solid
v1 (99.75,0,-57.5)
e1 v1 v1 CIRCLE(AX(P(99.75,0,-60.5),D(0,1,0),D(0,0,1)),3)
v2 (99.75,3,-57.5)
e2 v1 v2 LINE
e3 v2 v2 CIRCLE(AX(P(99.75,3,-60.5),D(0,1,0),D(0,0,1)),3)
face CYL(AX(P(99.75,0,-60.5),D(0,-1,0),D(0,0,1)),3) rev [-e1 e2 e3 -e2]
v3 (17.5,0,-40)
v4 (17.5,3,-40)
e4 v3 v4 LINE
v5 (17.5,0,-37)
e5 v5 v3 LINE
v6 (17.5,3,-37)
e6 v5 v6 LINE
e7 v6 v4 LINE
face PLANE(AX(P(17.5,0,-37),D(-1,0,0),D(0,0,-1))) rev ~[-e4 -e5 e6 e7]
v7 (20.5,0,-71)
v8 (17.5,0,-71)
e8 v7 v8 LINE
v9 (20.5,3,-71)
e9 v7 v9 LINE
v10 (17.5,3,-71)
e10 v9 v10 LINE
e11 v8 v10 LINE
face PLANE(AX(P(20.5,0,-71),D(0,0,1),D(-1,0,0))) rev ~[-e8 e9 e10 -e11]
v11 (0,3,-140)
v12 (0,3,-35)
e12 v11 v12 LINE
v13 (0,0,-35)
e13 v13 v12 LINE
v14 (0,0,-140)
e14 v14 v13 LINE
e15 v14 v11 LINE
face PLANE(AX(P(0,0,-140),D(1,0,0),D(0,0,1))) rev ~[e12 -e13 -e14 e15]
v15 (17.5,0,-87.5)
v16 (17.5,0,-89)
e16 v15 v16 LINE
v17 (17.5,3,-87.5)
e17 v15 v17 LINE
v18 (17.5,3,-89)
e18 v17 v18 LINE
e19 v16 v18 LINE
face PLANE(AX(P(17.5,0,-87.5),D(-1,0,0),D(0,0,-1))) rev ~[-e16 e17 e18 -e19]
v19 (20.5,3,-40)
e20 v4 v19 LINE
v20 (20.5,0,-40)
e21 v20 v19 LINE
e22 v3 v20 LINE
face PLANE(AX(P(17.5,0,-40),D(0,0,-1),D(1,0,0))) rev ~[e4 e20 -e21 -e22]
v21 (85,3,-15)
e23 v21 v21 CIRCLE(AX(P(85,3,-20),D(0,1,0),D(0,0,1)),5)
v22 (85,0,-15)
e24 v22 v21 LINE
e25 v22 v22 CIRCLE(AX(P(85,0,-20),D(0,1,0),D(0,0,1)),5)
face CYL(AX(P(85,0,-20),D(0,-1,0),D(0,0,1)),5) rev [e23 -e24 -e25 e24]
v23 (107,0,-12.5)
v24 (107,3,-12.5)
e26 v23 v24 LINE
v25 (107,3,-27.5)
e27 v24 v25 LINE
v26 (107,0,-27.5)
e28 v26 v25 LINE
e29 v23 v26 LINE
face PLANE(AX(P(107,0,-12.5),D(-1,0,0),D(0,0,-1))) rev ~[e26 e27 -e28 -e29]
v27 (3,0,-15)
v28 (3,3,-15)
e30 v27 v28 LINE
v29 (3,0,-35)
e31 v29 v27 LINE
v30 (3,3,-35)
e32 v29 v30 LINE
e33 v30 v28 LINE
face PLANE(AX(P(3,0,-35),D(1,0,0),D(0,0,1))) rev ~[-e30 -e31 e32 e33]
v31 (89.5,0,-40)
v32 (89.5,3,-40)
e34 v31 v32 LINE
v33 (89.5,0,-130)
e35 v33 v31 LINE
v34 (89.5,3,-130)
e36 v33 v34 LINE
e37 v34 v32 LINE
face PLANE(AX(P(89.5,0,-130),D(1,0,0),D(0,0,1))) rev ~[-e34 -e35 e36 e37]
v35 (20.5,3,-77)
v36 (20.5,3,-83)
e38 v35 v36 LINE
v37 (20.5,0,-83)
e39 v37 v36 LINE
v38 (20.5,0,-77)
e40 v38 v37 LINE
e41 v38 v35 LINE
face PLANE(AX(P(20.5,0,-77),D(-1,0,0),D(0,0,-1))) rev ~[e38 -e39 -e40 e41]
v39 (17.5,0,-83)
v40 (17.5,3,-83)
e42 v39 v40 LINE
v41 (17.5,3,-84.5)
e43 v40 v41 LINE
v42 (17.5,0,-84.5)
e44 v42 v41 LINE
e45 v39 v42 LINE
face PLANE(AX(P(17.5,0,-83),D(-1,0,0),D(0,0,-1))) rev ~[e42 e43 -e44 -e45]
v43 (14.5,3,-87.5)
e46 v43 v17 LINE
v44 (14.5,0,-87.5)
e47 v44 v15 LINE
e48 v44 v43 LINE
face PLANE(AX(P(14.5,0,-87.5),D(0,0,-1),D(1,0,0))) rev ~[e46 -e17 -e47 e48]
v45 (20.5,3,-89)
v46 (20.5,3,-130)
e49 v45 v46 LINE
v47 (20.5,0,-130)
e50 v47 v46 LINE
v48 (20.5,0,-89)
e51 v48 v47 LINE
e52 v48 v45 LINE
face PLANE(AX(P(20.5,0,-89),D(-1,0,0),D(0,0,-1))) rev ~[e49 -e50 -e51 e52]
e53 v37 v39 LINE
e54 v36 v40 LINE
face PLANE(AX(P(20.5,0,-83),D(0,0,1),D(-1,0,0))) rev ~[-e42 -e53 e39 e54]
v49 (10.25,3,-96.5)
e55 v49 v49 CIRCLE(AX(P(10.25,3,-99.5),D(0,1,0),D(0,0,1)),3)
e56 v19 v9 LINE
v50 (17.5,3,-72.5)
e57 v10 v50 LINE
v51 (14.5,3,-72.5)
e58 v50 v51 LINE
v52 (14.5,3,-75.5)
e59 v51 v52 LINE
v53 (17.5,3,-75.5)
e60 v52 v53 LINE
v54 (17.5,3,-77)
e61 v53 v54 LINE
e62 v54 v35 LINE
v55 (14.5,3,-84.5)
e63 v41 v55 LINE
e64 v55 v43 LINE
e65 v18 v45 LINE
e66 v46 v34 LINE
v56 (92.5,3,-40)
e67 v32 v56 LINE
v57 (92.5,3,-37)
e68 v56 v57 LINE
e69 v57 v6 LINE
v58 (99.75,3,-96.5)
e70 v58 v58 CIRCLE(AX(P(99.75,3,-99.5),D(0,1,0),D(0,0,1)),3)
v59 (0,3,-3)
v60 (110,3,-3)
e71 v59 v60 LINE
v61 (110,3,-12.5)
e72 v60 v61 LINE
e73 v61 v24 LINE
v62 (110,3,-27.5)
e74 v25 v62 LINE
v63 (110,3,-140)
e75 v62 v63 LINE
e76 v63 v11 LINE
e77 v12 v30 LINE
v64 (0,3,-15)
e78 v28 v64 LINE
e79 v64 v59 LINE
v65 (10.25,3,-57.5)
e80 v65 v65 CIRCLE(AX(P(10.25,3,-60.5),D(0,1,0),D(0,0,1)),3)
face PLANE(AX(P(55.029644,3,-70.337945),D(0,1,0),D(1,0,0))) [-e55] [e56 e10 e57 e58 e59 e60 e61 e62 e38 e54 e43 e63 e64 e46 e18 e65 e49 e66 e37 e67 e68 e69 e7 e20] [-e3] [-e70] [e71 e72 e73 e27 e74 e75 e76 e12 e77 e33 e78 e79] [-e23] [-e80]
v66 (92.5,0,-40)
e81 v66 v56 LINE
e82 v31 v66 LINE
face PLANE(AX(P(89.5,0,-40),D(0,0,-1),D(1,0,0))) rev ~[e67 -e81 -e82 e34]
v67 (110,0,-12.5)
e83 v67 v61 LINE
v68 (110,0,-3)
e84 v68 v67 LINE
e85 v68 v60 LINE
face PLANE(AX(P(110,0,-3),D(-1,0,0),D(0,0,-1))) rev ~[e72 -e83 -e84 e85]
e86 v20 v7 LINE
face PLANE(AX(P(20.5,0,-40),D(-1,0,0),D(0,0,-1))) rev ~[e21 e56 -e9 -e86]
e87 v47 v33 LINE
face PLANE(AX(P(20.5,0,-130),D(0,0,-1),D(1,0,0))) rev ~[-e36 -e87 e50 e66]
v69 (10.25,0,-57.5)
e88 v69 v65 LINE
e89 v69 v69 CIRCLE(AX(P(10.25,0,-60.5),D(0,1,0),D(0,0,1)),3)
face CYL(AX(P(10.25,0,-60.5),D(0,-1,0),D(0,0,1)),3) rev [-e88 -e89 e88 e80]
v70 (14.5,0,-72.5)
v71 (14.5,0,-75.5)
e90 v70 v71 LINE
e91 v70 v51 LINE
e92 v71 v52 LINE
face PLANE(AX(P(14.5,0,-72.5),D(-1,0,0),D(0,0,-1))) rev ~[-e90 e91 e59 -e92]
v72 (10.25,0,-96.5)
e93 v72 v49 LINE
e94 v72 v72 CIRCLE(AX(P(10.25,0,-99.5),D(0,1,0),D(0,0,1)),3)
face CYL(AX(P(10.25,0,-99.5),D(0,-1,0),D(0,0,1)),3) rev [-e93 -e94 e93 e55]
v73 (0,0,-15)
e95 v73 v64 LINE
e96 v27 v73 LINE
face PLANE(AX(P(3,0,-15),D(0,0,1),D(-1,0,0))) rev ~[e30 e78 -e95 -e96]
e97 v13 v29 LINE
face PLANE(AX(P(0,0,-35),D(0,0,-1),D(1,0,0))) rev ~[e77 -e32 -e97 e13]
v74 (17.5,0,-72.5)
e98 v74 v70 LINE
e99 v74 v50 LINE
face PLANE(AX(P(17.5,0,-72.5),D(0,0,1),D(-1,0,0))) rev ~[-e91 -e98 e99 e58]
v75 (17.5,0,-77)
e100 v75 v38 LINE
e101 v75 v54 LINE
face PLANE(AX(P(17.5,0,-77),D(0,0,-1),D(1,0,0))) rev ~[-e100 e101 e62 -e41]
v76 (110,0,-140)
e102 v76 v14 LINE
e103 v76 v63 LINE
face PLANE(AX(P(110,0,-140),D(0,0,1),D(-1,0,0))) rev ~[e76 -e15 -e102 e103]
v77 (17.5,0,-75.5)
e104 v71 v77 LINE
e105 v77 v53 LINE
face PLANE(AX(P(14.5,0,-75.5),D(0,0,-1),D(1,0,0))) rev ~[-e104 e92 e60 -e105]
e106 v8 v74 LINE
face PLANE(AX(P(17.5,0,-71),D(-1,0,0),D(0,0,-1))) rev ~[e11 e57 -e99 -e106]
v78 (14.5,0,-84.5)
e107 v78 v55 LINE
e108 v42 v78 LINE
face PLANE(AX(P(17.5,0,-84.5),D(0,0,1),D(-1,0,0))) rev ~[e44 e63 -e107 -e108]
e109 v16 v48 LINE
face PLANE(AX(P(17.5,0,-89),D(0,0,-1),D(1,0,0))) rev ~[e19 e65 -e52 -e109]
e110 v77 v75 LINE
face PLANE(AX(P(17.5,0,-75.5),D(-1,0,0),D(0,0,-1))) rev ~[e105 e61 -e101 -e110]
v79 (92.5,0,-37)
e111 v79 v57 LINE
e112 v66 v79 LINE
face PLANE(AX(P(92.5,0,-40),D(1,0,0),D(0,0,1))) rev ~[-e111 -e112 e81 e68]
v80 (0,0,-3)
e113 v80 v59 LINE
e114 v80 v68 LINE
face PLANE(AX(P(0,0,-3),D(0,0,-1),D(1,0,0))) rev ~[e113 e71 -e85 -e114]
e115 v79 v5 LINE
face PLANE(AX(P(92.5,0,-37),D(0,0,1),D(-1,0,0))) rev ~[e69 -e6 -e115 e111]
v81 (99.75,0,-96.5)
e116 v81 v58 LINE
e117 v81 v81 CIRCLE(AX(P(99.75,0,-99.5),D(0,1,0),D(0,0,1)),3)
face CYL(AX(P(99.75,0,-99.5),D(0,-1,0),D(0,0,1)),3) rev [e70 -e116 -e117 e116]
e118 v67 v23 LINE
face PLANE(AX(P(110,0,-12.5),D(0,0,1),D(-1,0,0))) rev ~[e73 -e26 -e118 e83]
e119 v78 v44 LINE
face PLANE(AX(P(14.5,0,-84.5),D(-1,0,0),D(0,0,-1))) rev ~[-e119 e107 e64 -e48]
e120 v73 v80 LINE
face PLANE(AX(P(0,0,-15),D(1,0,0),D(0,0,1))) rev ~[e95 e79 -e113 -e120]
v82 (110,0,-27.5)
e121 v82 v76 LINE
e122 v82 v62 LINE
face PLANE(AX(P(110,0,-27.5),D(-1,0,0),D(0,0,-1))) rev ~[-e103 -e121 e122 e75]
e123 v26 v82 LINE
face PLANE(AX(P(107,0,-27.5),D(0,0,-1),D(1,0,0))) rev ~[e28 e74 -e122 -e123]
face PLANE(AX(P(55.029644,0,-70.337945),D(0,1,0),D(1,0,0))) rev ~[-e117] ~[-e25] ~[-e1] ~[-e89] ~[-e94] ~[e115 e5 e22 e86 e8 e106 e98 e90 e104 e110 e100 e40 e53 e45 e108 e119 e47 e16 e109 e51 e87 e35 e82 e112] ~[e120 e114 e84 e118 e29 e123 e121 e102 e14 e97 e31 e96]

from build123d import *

# Parameters (mm, degrees)
CROQUIS1_R              = 3
CROQUIS1_R_2            = 5
SALIENTE_EXTRUIR1_DEPTH = 3


with BuildPart() as part:
    # Croquis1 → Saliente-Extruir1 (new body)
    with BuildSketch(Plane(origin=(0, 0, 0), x_dir=(1, 0, 0), z_dir=(0, 1, 0))):
        Polygon((0, 3), (110, 3), (110, 12.5), (107, 12.5), (107, 20), (107, 27.5), (110, 27.5), (110, 37), (110, 140), (89.5, 140), (20.5, 140), (0, 140), (0, 50), (0, 35), (3, 35), (3, 20), (3, 15), (0, 15), align=None)
        with Locations(Location((10.25, 60.5, 0), (0, 0, 270))):
            Circle(CROQUIS1_R, mode=Mode.SUBTRACT)
        with Locations(Location((85, 20, 0), (0, 0, 270))):
            Circle(CROQUIS1_R_2, mode=Mode.SUBTRACT)
        with Locations(Location((99.75, 60.5, 0), (0, 0, 270))):
            Circle(CROQUIS1_R, mode=Mode.SUBTRACT)
        with Locations(Location((10.25, 99.5, 0), (0, 0, 270))):
            Circle(CROQUIS1_R, mode=Mode.SUBTRACT)
        Polygon((92.5, 37), (89.5, 37), (20.5, 37), (17.5, 37), (17.5, 40), (20.5, 40), (20.5, 71), (17.5, 71), (17.5, 72.5), (14.5, 72.5), (14.5, 75.5), (17.5, 75.5), (17.5, 77), (20.5, 77), (20.5, 83), (17.5, 83), (17.5, 84.5), (14.5, 84.5), (14.5, 87.5), (17.5, 87.5), (17.5, 89), (20.5, 89), (20.5, 130), (89.5, 130), (89.5, 89), (89.5, 71), (89.5, 40), (92.5, 40), align=None, mode=Mode.SUBTRACT)
        with Locations(Location((99.75, 99.5, 0), (0, 0, 270))):
            Circle(CROQUIS1_R, mode=Mode.SUBTRACT)
    extrude(amount=SALIENTE_EXTRUIR1_DEPTH)


solid = part.part
